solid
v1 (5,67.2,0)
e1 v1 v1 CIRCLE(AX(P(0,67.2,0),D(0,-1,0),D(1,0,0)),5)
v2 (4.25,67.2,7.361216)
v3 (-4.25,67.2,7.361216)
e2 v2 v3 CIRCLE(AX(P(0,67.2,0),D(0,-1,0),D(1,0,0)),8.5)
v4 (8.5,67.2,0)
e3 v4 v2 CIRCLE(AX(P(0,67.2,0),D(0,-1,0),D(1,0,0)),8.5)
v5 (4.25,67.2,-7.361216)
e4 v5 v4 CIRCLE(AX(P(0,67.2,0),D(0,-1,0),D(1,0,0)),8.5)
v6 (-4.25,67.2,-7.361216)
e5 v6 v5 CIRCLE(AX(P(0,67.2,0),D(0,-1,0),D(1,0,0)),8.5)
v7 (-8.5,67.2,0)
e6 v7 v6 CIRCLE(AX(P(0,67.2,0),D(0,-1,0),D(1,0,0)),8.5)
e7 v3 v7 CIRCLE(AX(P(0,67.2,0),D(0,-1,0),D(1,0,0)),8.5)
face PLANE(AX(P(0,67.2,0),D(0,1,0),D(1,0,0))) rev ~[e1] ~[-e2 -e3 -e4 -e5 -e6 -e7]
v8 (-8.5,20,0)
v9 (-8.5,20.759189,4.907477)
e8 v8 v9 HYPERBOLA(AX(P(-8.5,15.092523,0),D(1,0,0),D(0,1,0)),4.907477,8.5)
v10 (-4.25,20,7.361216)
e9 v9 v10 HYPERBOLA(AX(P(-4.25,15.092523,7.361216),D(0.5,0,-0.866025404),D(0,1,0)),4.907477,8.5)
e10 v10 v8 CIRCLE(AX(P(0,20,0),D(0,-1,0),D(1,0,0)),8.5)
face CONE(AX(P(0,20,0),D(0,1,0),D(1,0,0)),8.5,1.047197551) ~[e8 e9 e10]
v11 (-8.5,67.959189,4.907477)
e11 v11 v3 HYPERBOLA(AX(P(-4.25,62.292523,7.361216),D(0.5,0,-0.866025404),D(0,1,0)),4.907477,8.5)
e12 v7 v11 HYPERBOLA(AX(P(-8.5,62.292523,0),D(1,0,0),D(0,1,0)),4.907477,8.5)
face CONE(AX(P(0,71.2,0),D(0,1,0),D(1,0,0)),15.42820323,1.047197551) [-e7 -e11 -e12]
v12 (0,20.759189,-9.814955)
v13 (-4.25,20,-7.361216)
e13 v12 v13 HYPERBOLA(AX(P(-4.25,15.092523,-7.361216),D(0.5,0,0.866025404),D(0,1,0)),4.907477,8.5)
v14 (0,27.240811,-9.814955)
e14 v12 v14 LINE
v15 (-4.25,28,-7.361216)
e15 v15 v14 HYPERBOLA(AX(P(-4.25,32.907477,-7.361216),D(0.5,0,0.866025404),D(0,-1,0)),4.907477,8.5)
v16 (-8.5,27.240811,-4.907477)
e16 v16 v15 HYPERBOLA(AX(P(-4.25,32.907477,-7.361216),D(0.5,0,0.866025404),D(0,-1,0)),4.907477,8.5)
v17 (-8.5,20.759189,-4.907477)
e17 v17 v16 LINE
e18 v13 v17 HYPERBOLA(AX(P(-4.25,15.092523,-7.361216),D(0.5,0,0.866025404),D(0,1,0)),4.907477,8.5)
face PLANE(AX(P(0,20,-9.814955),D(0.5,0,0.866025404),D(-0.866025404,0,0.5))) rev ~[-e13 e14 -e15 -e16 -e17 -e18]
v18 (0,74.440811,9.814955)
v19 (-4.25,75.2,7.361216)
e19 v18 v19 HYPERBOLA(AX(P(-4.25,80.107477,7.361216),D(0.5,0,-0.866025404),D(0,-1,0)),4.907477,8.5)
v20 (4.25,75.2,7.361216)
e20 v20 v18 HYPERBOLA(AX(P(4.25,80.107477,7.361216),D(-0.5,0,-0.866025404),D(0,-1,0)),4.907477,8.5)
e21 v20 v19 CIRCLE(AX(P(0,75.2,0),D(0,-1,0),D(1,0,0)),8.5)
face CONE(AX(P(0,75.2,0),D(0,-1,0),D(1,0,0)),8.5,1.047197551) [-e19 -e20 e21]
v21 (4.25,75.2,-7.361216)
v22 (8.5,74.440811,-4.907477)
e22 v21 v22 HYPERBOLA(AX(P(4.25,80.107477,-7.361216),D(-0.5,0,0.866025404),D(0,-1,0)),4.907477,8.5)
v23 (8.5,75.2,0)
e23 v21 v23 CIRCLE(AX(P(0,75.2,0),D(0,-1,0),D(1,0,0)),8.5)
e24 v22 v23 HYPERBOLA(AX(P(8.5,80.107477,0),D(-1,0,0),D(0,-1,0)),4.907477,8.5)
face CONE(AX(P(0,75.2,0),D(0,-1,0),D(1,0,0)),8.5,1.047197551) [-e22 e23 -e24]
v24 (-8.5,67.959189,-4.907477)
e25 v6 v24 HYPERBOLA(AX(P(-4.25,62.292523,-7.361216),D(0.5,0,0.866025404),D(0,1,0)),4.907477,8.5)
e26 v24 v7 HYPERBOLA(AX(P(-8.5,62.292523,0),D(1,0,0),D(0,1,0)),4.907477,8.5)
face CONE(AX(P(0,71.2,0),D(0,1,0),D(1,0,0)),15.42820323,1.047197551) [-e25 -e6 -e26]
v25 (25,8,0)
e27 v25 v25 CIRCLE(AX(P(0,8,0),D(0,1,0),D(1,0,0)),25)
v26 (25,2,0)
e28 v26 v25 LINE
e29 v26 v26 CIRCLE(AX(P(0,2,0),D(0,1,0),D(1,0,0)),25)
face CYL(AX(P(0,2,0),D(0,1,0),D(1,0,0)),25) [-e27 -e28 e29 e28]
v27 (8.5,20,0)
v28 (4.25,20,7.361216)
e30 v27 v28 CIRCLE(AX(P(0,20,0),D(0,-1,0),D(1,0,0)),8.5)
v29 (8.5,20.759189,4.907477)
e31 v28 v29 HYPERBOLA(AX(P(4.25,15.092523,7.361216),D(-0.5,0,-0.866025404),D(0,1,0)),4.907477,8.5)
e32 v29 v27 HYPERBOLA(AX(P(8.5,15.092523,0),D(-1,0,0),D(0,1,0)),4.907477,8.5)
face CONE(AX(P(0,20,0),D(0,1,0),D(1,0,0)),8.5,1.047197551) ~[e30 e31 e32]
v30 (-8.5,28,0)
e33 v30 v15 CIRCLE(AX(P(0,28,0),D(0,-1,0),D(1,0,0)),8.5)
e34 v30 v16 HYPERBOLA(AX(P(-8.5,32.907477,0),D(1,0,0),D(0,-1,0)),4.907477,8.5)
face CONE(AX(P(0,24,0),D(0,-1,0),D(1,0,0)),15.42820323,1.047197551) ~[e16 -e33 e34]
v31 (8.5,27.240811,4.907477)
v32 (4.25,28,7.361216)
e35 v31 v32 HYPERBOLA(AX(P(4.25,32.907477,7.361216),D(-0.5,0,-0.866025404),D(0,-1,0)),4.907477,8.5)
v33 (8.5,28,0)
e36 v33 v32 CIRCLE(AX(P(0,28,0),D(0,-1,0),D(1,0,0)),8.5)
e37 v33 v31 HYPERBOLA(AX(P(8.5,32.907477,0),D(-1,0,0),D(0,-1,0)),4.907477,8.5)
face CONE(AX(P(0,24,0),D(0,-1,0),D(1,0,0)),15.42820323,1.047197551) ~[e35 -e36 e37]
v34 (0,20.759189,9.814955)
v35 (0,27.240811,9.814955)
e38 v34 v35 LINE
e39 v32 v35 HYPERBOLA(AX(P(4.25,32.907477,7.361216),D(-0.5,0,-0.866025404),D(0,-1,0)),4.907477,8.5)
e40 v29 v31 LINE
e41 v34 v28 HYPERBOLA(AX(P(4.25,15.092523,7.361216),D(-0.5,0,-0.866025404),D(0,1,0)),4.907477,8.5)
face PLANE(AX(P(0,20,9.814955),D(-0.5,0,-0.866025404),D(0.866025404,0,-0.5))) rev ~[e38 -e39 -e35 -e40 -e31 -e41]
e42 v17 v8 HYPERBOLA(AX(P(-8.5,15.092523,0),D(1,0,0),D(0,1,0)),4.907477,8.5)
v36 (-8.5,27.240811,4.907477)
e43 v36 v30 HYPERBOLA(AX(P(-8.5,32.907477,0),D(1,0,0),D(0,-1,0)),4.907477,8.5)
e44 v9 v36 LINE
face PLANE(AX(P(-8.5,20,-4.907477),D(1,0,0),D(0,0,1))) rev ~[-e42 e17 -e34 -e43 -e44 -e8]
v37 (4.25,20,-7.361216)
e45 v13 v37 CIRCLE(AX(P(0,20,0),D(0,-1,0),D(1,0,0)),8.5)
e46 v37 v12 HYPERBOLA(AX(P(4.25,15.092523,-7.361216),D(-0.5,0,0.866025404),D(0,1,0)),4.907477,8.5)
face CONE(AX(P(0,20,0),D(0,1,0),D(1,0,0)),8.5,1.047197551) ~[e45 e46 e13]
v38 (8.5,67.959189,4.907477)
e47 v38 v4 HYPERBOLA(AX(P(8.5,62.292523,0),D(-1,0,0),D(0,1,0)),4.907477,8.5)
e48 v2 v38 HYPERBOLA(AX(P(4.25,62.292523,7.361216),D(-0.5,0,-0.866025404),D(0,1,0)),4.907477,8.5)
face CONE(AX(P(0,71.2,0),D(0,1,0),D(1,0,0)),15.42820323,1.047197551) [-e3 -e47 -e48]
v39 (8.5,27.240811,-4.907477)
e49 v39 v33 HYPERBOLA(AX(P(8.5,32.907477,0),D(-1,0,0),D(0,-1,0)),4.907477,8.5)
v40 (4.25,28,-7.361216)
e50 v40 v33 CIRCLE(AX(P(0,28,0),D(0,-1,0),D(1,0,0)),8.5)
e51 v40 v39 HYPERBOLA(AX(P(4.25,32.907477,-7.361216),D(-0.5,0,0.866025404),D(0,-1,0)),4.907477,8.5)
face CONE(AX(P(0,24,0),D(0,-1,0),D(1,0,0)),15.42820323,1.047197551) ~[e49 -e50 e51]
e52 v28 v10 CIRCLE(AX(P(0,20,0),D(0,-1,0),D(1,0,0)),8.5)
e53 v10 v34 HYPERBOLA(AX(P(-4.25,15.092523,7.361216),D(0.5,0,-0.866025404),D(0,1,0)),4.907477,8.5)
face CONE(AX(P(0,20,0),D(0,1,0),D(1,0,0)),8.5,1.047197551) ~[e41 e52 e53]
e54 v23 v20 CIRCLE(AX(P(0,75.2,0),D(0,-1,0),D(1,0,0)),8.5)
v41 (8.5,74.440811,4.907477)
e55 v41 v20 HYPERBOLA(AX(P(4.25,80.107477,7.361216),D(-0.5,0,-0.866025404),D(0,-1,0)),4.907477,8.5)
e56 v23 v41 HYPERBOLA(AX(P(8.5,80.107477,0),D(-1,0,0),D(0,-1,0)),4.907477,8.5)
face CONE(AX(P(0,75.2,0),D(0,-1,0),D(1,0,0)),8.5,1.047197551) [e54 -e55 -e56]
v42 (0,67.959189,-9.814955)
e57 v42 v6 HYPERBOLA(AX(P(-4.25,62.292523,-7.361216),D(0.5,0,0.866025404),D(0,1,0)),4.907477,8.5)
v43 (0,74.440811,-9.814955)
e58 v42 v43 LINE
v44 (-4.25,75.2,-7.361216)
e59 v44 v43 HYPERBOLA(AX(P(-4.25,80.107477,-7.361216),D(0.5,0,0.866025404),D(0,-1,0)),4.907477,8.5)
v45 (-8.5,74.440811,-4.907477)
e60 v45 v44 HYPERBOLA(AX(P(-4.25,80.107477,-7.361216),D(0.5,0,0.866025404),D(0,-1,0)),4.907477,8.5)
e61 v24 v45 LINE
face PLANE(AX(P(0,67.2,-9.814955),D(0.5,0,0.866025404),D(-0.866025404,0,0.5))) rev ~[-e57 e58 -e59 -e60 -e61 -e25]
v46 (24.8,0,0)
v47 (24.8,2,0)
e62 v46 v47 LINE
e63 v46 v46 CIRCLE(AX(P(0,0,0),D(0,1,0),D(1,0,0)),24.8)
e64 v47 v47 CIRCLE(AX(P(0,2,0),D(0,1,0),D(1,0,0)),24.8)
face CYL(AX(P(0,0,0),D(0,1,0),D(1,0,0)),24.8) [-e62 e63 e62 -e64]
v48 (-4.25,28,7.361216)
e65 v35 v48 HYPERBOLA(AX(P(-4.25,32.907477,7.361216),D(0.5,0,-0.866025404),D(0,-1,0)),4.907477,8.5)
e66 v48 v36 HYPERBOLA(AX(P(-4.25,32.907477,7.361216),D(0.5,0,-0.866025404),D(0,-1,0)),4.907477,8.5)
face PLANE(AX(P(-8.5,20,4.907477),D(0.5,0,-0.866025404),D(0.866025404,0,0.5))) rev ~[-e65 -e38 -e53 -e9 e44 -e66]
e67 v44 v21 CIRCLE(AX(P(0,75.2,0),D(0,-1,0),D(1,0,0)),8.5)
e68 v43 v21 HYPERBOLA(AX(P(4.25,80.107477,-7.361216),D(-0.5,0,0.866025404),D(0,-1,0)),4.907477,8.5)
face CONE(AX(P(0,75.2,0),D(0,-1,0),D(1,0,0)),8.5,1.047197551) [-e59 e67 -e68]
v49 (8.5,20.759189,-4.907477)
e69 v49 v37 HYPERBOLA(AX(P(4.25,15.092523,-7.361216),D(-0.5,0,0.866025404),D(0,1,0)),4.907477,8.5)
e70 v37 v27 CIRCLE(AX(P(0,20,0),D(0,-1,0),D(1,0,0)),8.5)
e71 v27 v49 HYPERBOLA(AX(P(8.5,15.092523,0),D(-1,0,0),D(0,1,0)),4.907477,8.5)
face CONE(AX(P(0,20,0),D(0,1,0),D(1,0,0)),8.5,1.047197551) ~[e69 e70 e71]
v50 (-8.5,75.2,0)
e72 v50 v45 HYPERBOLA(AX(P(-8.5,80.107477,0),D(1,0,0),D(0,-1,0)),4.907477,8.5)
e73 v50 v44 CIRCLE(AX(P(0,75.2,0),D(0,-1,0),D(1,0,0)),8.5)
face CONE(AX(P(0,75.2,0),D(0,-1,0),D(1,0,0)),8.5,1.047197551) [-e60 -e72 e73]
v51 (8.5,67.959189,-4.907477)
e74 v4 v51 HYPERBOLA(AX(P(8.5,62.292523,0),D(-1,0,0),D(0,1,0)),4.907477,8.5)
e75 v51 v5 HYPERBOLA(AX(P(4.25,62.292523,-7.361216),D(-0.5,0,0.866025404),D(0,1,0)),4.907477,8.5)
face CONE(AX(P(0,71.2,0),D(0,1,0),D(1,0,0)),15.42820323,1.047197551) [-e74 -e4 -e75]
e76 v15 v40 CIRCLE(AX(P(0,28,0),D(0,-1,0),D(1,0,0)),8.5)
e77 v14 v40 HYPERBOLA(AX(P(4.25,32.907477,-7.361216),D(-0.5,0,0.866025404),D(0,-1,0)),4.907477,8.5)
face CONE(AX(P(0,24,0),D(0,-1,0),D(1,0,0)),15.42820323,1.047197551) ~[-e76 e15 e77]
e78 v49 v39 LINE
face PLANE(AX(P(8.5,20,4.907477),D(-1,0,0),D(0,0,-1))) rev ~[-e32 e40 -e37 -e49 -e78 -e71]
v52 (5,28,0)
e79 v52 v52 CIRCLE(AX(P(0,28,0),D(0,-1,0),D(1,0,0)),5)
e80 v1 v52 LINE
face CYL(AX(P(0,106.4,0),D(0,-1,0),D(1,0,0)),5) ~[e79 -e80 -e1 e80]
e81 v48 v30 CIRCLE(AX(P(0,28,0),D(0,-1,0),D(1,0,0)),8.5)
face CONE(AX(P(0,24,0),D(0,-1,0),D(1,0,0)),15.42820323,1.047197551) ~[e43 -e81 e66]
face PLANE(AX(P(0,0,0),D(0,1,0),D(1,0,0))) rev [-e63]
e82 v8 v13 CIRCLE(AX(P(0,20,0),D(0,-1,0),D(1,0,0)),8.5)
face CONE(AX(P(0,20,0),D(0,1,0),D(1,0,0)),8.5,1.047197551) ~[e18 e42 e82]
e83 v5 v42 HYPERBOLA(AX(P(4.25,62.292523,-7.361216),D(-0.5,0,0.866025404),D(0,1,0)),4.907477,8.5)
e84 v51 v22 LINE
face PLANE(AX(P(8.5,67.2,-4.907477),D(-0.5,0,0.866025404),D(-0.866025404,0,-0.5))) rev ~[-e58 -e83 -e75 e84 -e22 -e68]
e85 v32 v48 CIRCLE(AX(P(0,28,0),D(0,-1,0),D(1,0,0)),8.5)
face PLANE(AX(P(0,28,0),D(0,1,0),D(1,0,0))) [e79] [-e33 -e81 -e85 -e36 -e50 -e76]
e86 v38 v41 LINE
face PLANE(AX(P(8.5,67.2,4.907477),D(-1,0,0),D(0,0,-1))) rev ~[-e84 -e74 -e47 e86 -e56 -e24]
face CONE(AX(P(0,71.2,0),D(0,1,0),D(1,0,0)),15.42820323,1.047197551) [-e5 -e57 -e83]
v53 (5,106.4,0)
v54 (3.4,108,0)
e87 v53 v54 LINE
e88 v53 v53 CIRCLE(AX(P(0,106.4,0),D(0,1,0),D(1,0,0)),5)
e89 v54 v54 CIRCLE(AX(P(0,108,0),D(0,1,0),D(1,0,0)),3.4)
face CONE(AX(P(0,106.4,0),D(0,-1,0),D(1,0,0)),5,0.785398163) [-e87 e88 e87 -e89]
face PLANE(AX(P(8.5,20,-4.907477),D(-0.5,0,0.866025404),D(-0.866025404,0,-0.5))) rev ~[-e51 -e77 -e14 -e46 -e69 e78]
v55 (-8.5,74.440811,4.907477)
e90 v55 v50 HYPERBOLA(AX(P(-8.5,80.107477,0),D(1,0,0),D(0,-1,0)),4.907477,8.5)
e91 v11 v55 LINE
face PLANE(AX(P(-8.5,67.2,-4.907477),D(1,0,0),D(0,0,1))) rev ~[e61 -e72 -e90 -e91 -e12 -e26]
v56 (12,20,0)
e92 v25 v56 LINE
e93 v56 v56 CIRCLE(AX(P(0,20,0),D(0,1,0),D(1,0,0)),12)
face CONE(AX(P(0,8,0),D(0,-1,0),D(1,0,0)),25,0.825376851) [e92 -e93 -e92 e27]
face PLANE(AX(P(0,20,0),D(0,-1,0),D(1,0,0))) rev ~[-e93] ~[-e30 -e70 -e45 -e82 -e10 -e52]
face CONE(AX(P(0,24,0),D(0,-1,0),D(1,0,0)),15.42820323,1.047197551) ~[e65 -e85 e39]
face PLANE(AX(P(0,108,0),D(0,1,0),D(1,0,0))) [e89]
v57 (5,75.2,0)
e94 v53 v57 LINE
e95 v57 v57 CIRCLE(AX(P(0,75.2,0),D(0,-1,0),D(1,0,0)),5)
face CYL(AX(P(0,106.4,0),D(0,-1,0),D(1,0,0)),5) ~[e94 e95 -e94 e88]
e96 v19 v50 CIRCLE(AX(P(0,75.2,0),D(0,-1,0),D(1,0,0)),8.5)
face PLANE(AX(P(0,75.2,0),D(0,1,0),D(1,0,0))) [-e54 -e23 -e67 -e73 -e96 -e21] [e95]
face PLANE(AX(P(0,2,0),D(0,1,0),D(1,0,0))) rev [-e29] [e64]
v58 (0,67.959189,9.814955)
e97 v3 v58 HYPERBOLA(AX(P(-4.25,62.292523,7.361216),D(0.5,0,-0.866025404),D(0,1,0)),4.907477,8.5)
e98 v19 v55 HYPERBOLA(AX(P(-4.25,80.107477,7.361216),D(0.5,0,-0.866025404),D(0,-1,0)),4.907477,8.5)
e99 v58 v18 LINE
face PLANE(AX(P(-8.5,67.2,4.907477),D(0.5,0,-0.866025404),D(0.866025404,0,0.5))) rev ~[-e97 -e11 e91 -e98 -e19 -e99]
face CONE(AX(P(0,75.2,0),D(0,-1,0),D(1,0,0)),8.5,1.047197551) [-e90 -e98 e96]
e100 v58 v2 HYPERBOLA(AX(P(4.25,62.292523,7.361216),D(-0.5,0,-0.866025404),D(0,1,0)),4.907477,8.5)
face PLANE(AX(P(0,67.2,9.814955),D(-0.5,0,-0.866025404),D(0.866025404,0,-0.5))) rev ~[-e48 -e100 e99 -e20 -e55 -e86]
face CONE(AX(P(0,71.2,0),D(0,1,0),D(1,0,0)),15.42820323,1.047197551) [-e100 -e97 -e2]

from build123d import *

# Parameters (mm, degrees)
EXTRUDE_1_DEPTH = 8
EXTRUDE_2_DEPTH = 8


with BuildPart() as part:
    # Эскиз1 → Повернуть1 (revolve)
    with BuildSketch(Plane.XY, mode=Mode.PRIVATE) as revolve_1_sk:
        Polygon((0, 0), (-24.8, 0), (-24.8, 2), (-25, 2), (-25, 8), (-12, 20), (-5, 20), (-5, 28), (-5, 106.4), (-3.4, 108), (0, 108), align=None)
    revolve(revolve_1_sk.sketch.rotate(Axis((0, 0, 0), (0, 1, 0)), 180), axis=Axis((0, 0, 0), (0, 1, 0)))  # turned: the seam where the file's is

    # Эскиз2 → Бобышка-Вытянуть1 (add)
    with BuildSketch(Plane(origin=(0, 20, 0), x_dir=(1, 0, 0), z_dir=(0, 1, 0))):
        Polygon((0, 9.814954576), (-8.5, 4.907477288), (-8.5, -4.907477288), (0, -9.814954576), (8.5, -4.907477288), (8.5, 4.907477288), align=None)
    extrude(amount=EXTRUDE_1_DEPTH)

    # Эскиз3 → Бобышка-Вытянуть2 (add)
    with BuildSketch(Plane(origin=(0, 67.2, 0), x_dir=(1, 0, 0), z_dir=(0, 1, 0))):
        Polygon((8.5, 4.907477288), (0, 9.814954576), (-8.5, 4.907477288), (-8.5, -4.907477288), (0, -9.814954576), (8.5, -4.907477288), align=None)
    extrude(amount=EXTRUDE_2_DEPTH)

    # Эскиз4 → Вырез-Повернуть2 (revolve, cut)
    with BuildSketch(Plane.XY, mode=Mode.PRIVATE) as cut_revolve_2_sk:
        Polygon((-15.42820323, 75.2), (-8.5, 75.2), (-15.42820323, 71.2), align=None)
        Polygon((-15.42820323, 67.2), (-15.42820323, 71.2), (-8.5, 67.2), align=None)
        Polygon((-15.42820323, 28), (-15.42820323, 24), (-8.5, 28), align=None)
        Polygon((-15.42820323, 24), (-15.42820323, 20), (-8.5, 20), align=None)
    revolve(cut_revolve_2_sk.sketch.rotate(Axis((0, 108, 0), (0, -1, 0)), 180), axis=Axis((0, 108, 0), (0, -1, 0)), mode=Mode.SUBTRACT)  # turned: the seam where the file's is


solid = part.part
